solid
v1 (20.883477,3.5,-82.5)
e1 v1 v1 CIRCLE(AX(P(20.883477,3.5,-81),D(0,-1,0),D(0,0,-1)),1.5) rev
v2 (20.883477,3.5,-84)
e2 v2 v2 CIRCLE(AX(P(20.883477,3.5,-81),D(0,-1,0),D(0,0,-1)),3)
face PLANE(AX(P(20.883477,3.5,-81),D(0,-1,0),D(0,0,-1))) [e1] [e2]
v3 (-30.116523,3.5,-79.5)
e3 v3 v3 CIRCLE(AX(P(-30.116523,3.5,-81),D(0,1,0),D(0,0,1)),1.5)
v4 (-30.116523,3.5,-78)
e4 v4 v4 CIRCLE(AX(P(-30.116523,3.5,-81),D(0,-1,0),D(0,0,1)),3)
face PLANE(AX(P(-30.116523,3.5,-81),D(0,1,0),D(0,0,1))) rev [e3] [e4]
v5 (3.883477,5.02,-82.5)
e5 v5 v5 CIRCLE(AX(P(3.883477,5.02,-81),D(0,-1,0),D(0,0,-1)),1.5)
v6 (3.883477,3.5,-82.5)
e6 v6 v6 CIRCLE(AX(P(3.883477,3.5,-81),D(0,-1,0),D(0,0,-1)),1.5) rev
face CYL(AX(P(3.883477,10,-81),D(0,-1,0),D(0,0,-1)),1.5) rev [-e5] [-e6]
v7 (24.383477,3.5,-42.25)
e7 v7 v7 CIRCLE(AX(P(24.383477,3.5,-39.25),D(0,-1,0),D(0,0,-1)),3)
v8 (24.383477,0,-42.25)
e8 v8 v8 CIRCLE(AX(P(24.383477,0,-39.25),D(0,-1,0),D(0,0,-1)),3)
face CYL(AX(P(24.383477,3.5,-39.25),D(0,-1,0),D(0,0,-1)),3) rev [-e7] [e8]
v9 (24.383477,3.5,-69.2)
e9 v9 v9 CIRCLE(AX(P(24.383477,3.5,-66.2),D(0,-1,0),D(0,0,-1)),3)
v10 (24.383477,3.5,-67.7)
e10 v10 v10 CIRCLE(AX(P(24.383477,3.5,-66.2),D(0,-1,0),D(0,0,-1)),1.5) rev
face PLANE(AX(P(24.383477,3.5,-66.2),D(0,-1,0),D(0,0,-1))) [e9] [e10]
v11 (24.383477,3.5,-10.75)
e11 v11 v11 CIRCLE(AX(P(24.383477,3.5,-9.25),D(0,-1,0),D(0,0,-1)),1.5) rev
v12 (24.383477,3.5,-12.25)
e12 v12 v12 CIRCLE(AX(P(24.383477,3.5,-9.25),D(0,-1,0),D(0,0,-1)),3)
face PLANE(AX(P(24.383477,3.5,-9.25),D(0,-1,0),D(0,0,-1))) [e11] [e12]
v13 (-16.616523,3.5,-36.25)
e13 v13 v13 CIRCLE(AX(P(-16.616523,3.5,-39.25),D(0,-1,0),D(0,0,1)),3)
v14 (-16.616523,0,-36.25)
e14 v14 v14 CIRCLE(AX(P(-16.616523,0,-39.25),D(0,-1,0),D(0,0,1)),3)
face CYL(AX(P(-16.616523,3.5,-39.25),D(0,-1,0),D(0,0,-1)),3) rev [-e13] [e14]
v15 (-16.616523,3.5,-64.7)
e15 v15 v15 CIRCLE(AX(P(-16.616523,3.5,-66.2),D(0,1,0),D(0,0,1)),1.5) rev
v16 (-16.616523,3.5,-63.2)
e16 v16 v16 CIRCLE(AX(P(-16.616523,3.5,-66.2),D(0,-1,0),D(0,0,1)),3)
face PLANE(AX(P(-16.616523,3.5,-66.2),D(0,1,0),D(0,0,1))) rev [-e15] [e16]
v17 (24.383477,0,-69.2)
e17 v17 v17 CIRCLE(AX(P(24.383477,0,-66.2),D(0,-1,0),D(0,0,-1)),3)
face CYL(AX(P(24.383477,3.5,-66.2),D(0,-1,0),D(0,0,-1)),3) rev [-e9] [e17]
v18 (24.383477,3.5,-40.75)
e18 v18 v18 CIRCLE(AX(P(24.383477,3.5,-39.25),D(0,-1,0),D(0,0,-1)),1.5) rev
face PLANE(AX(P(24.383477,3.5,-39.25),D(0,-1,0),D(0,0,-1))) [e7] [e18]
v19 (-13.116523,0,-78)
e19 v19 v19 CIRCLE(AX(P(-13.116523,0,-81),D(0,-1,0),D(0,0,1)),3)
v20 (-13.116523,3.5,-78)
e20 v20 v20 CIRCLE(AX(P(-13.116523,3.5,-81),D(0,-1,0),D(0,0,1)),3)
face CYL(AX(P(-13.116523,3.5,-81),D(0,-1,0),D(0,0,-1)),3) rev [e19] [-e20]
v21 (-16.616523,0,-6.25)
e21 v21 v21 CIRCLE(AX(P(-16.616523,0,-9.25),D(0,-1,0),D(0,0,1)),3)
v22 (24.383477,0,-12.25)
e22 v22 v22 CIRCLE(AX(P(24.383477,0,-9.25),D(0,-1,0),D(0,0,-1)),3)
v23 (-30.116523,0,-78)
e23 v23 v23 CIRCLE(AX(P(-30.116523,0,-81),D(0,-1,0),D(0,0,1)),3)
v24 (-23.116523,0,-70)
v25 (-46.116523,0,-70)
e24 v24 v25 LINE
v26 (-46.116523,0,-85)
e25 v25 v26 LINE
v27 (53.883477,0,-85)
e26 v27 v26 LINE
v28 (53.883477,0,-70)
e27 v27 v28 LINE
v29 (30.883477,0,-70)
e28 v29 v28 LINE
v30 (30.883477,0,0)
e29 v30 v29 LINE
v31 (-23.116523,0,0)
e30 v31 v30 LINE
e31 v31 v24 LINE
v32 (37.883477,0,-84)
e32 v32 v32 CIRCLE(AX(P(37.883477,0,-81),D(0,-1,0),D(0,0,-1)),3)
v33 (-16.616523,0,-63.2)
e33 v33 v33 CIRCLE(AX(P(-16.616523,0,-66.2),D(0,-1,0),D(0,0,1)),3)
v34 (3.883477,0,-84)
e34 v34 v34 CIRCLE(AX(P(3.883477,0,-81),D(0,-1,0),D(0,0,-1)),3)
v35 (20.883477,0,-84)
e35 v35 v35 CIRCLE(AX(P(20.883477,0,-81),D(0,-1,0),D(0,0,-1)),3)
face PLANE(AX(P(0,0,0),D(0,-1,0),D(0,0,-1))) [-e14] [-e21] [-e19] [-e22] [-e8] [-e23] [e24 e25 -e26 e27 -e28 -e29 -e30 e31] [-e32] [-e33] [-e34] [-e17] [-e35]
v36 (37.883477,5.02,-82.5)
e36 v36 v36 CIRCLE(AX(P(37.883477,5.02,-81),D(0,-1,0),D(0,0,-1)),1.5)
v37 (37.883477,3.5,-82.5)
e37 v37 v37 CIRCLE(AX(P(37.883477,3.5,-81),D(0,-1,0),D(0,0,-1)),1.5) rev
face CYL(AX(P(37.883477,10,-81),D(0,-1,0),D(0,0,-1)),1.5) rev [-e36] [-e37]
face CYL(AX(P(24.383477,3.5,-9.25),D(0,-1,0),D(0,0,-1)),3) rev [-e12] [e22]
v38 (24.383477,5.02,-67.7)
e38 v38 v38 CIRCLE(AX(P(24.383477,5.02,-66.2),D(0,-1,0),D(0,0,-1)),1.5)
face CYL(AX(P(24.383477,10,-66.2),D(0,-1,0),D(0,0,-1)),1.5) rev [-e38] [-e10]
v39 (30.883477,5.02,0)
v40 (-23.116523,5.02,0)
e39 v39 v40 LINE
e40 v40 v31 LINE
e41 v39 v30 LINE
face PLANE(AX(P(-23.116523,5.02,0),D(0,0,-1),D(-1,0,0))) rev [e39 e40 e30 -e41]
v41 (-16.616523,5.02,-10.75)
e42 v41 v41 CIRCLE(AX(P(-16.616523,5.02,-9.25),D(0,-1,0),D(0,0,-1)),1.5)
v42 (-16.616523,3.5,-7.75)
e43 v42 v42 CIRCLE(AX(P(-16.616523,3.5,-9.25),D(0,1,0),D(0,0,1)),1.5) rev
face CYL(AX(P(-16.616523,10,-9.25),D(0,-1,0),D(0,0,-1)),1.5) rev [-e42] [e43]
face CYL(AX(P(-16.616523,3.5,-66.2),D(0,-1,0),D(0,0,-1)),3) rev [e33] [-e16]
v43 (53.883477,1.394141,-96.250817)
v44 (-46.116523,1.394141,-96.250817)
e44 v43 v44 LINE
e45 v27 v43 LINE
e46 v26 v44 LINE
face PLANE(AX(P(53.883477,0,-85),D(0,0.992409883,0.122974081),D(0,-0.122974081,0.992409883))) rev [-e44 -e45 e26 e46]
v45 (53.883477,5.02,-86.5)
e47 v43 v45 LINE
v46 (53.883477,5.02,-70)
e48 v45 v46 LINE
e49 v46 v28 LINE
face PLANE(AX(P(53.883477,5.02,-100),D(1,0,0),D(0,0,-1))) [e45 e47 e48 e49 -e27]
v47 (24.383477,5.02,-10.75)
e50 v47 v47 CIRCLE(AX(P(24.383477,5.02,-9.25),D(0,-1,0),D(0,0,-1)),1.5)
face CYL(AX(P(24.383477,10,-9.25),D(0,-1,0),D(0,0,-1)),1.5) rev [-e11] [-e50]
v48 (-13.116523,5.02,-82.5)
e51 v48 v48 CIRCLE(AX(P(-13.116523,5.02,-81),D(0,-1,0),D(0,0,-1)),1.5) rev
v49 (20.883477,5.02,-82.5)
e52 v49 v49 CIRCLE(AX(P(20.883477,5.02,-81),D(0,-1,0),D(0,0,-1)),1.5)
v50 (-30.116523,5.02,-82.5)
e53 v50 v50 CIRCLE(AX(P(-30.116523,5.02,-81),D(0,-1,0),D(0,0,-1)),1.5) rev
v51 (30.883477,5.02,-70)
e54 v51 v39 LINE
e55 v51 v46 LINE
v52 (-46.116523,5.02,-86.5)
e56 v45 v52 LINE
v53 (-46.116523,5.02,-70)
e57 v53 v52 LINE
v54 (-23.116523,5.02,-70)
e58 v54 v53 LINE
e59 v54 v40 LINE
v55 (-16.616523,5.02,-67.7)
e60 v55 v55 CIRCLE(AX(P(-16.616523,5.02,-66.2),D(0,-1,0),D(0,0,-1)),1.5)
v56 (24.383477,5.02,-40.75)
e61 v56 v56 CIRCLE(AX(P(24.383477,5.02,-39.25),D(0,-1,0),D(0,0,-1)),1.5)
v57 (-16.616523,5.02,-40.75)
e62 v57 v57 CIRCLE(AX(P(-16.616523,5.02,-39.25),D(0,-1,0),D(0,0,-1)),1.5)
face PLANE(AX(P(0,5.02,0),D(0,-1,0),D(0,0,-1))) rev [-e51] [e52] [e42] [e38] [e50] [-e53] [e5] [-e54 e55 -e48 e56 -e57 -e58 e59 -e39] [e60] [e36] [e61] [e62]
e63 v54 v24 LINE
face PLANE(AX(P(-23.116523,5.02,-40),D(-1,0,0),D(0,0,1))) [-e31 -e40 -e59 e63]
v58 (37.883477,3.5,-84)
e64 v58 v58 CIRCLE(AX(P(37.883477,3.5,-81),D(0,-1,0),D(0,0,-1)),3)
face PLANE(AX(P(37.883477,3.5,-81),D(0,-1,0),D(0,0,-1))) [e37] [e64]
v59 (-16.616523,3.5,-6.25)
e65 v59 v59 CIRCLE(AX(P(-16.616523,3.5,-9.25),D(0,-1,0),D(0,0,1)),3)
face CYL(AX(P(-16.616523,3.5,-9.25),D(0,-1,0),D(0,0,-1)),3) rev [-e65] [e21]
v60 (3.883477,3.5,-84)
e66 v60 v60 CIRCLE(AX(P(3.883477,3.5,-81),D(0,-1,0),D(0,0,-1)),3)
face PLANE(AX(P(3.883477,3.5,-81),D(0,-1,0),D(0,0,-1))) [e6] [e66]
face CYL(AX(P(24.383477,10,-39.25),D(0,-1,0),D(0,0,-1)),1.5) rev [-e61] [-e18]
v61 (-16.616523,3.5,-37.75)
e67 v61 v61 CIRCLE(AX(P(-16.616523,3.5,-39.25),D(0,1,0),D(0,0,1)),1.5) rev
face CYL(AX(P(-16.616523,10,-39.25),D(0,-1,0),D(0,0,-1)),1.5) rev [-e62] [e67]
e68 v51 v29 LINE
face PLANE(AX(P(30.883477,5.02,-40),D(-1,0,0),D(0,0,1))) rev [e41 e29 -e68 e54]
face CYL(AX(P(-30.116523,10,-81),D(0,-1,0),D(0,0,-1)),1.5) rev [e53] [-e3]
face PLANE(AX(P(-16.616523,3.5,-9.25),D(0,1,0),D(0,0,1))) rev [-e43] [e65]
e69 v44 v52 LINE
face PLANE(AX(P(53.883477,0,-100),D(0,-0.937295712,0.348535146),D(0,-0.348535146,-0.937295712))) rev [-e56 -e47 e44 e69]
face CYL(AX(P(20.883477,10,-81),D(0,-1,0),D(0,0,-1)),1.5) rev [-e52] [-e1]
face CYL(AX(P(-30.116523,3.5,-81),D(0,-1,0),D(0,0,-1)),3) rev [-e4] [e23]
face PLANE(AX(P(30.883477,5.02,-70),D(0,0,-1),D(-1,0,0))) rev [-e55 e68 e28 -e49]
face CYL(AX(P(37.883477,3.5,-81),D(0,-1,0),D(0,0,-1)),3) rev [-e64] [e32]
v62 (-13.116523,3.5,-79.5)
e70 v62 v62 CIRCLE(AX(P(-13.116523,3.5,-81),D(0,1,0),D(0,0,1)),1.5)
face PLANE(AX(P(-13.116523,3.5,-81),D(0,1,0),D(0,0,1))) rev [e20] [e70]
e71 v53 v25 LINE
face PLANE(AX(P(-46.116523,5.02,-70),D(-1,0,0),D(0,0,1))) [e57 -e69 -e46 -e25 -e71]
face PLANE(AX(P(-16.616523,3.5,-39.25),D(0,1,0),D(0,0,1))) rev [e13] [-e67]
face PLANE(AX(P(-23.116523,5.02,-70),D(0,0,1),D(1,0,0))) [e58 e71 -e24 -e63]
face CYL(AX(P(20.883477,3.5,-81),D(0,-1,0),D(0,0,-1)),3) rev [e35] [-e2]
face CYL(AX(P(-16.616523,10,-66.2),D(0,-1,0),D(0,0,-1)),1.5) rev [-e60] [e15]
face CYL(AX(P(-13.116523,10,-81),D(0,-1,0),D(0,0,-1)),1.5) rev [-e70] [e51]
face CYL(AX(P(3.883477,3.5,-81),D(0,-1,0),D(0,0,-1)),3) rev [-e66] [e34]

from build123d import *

# Parameters (mm, degrees)
SALIENTE_EXTRUIR1_DEPTH = 5.02
CORTAR_EXTRUIR1_DEPTH   = 100
CROQUIS4_R              = 1.5
CORTAR_EXTRUIR2_DEPTH   = 10
CROQUIS5_R              = 3
CORTAR_EXTRUIR3_DEPTH   = 3.5
CORTAR_EXTRUIR4_DEPTH   = 100


with BuildPart() as part:
    # Croquis1 → Saliente-Extruir1 (new body)
    with BuildSketch(Plane(origin=(0, 0, 0), x_dir=(1, 0, 0), z_dir=(0, 1, 0))):
        Polygon((-46.116523403, 70), (-46.116523403, 100), (53.883476597, 100), (53.883476597, 70), (30.883476597, 70), (30.883476597, 40), (30.883476597, 0), (26.883476597, 0), (-19.116523403, 0), (-23.116523403, 0), (-23.116523403, 40), (-23.116523403, 70), align=None)
    extrude(amount=SALIENTE_EXTRUIR1_DEPTH)

    # Croquis2 → Cortar-Extruir1 (cut)
    with BuildSketch(Plane.ZY.offset(46.116523403)):
        Polygon((-100, 0), (-86.5, 5.02), (-100, 5.02), align=None)
    extrude(amount=-CORTAR_EXTRUIR1_DEPTH, mode=Mode.SUBTRACT)

    # Croquis4 → Cortar-Extruir2 (cut)
    with BuildSketch(Plane.XZ):
        with Locations(Location((3.883476597, -81, 0), (0, 0, 270))):
            Circle(CROQUIS4_R)
        with Locations(Location((24.383476597, -9.25, 0), (0, 0, 270))):
            Circle(CROQUIS4_R)
        with Locations(Location((-30.116523403, -81, 0), (0, 0, 270))):
            Circle(CROQUIS4_R)
        with Locations(Location((-13.116523403, -81, 0), (0, 0, 270))):
            Circle(CROQUIS4_R)
        with Locations(Location((24.383476597, -66.2, 0), (0, 0, 270))):
            Circle(CROQUIS4_R)
        with Locations(Location((24.383476597, -39.25, 0), (0, 0, 270))):
            Circle(CROQUIS4_R)
        with Locations(Location((-16.616523403, -9.25, 0), (0, 0, 270))):
            Circle(CROQUIS4_R)
        with Locations(Location((-16.616523403, -39.25, 0), (0, 0, 270))):
            Circle(CROQUIS4_R)
        with Locations(Location((-16.616523403, -66.2, 0), (0, 0, 270))):
            Circle(CROQUIS4_R)
        with Locations(Location((20.883476597, -81, 0), (0, 0, 270))):
            Circle(CROQUIS4_R)
        with Locations(Location((37.883476597, -81, 0), (0, 0, 270))):
            Circle(CROQUIS4_R)
    extrude(amount=-CORTAR_EXTRUIR2_DEPTH, mode=Mode.SUBTRACT)

    # Croquis5 → Cortar-Extruir3 (cut)
    with BuildSketch(Plane.XZ):
        with Locations(Location((24.383476597, -9.25, 0), (0, 0, 270))):
            Circle(CROQUIS5_R)
        with Locations(Location((24.383476597, -39.25, 0), (0, 0, 270))):
            Circle(CROQUIS5_R)
        with Locations(Location((24.383476597, -66.2, 0), (0, 0, 270))):
            Circle(CROQUIS5_R)
        with Locations(Location((-16.616523403, -66.2, 0), (0, 0, 90))):
            Circle(CROQUIS5_R)
        with Locations(Location((-16.616523403, -39.25, 0), (0, 0, 90))):
            Circle(CROQUIS5_R)
        with Locations(Location((-16.616523403, -9.25, 0), (0, 0, 90))):
            Circle(CROQUIS5_R)
        with Locations(Location((3.883476597, -81, 0), (0, 0, 270))):
            Circle(CROQUIS5_R)
        with Locations(Location((20.883476597, -81, 0), (0, 0, 270))):
            Circle(CROQUIS5_R)
        with Locations(Location((37.883476597, -81, 0), (0, 0, 270))):
            Circle(CROQUIS5_R)
        with Locations(Location((-30.116523403, -81, 0), (0, 0, 90))):
            Circle(CROQUIS5_R)
        with Locations(Location((-13.116523403, -81, 0), (0, 0, 90))):
            Circle(CROQUIS5_R)
    extrude(amount=-CORTAR_EXTRUIR3_DEPTH, mode=Mode.SUBTRACT)

    # Croquis6 → Cortar-Extruir4 (cut)
    with BuildSketch(Plane.ZY.offset(46.116523403)):
        Polygon((-100, 0), (-85, 0), (-96.250817152, 1.394140585), align=None)
    extrude(amount=-CORTAR_EXTRUIR4_DEPTH, mode=Mode.SUBTRACT)


solid = part.part
